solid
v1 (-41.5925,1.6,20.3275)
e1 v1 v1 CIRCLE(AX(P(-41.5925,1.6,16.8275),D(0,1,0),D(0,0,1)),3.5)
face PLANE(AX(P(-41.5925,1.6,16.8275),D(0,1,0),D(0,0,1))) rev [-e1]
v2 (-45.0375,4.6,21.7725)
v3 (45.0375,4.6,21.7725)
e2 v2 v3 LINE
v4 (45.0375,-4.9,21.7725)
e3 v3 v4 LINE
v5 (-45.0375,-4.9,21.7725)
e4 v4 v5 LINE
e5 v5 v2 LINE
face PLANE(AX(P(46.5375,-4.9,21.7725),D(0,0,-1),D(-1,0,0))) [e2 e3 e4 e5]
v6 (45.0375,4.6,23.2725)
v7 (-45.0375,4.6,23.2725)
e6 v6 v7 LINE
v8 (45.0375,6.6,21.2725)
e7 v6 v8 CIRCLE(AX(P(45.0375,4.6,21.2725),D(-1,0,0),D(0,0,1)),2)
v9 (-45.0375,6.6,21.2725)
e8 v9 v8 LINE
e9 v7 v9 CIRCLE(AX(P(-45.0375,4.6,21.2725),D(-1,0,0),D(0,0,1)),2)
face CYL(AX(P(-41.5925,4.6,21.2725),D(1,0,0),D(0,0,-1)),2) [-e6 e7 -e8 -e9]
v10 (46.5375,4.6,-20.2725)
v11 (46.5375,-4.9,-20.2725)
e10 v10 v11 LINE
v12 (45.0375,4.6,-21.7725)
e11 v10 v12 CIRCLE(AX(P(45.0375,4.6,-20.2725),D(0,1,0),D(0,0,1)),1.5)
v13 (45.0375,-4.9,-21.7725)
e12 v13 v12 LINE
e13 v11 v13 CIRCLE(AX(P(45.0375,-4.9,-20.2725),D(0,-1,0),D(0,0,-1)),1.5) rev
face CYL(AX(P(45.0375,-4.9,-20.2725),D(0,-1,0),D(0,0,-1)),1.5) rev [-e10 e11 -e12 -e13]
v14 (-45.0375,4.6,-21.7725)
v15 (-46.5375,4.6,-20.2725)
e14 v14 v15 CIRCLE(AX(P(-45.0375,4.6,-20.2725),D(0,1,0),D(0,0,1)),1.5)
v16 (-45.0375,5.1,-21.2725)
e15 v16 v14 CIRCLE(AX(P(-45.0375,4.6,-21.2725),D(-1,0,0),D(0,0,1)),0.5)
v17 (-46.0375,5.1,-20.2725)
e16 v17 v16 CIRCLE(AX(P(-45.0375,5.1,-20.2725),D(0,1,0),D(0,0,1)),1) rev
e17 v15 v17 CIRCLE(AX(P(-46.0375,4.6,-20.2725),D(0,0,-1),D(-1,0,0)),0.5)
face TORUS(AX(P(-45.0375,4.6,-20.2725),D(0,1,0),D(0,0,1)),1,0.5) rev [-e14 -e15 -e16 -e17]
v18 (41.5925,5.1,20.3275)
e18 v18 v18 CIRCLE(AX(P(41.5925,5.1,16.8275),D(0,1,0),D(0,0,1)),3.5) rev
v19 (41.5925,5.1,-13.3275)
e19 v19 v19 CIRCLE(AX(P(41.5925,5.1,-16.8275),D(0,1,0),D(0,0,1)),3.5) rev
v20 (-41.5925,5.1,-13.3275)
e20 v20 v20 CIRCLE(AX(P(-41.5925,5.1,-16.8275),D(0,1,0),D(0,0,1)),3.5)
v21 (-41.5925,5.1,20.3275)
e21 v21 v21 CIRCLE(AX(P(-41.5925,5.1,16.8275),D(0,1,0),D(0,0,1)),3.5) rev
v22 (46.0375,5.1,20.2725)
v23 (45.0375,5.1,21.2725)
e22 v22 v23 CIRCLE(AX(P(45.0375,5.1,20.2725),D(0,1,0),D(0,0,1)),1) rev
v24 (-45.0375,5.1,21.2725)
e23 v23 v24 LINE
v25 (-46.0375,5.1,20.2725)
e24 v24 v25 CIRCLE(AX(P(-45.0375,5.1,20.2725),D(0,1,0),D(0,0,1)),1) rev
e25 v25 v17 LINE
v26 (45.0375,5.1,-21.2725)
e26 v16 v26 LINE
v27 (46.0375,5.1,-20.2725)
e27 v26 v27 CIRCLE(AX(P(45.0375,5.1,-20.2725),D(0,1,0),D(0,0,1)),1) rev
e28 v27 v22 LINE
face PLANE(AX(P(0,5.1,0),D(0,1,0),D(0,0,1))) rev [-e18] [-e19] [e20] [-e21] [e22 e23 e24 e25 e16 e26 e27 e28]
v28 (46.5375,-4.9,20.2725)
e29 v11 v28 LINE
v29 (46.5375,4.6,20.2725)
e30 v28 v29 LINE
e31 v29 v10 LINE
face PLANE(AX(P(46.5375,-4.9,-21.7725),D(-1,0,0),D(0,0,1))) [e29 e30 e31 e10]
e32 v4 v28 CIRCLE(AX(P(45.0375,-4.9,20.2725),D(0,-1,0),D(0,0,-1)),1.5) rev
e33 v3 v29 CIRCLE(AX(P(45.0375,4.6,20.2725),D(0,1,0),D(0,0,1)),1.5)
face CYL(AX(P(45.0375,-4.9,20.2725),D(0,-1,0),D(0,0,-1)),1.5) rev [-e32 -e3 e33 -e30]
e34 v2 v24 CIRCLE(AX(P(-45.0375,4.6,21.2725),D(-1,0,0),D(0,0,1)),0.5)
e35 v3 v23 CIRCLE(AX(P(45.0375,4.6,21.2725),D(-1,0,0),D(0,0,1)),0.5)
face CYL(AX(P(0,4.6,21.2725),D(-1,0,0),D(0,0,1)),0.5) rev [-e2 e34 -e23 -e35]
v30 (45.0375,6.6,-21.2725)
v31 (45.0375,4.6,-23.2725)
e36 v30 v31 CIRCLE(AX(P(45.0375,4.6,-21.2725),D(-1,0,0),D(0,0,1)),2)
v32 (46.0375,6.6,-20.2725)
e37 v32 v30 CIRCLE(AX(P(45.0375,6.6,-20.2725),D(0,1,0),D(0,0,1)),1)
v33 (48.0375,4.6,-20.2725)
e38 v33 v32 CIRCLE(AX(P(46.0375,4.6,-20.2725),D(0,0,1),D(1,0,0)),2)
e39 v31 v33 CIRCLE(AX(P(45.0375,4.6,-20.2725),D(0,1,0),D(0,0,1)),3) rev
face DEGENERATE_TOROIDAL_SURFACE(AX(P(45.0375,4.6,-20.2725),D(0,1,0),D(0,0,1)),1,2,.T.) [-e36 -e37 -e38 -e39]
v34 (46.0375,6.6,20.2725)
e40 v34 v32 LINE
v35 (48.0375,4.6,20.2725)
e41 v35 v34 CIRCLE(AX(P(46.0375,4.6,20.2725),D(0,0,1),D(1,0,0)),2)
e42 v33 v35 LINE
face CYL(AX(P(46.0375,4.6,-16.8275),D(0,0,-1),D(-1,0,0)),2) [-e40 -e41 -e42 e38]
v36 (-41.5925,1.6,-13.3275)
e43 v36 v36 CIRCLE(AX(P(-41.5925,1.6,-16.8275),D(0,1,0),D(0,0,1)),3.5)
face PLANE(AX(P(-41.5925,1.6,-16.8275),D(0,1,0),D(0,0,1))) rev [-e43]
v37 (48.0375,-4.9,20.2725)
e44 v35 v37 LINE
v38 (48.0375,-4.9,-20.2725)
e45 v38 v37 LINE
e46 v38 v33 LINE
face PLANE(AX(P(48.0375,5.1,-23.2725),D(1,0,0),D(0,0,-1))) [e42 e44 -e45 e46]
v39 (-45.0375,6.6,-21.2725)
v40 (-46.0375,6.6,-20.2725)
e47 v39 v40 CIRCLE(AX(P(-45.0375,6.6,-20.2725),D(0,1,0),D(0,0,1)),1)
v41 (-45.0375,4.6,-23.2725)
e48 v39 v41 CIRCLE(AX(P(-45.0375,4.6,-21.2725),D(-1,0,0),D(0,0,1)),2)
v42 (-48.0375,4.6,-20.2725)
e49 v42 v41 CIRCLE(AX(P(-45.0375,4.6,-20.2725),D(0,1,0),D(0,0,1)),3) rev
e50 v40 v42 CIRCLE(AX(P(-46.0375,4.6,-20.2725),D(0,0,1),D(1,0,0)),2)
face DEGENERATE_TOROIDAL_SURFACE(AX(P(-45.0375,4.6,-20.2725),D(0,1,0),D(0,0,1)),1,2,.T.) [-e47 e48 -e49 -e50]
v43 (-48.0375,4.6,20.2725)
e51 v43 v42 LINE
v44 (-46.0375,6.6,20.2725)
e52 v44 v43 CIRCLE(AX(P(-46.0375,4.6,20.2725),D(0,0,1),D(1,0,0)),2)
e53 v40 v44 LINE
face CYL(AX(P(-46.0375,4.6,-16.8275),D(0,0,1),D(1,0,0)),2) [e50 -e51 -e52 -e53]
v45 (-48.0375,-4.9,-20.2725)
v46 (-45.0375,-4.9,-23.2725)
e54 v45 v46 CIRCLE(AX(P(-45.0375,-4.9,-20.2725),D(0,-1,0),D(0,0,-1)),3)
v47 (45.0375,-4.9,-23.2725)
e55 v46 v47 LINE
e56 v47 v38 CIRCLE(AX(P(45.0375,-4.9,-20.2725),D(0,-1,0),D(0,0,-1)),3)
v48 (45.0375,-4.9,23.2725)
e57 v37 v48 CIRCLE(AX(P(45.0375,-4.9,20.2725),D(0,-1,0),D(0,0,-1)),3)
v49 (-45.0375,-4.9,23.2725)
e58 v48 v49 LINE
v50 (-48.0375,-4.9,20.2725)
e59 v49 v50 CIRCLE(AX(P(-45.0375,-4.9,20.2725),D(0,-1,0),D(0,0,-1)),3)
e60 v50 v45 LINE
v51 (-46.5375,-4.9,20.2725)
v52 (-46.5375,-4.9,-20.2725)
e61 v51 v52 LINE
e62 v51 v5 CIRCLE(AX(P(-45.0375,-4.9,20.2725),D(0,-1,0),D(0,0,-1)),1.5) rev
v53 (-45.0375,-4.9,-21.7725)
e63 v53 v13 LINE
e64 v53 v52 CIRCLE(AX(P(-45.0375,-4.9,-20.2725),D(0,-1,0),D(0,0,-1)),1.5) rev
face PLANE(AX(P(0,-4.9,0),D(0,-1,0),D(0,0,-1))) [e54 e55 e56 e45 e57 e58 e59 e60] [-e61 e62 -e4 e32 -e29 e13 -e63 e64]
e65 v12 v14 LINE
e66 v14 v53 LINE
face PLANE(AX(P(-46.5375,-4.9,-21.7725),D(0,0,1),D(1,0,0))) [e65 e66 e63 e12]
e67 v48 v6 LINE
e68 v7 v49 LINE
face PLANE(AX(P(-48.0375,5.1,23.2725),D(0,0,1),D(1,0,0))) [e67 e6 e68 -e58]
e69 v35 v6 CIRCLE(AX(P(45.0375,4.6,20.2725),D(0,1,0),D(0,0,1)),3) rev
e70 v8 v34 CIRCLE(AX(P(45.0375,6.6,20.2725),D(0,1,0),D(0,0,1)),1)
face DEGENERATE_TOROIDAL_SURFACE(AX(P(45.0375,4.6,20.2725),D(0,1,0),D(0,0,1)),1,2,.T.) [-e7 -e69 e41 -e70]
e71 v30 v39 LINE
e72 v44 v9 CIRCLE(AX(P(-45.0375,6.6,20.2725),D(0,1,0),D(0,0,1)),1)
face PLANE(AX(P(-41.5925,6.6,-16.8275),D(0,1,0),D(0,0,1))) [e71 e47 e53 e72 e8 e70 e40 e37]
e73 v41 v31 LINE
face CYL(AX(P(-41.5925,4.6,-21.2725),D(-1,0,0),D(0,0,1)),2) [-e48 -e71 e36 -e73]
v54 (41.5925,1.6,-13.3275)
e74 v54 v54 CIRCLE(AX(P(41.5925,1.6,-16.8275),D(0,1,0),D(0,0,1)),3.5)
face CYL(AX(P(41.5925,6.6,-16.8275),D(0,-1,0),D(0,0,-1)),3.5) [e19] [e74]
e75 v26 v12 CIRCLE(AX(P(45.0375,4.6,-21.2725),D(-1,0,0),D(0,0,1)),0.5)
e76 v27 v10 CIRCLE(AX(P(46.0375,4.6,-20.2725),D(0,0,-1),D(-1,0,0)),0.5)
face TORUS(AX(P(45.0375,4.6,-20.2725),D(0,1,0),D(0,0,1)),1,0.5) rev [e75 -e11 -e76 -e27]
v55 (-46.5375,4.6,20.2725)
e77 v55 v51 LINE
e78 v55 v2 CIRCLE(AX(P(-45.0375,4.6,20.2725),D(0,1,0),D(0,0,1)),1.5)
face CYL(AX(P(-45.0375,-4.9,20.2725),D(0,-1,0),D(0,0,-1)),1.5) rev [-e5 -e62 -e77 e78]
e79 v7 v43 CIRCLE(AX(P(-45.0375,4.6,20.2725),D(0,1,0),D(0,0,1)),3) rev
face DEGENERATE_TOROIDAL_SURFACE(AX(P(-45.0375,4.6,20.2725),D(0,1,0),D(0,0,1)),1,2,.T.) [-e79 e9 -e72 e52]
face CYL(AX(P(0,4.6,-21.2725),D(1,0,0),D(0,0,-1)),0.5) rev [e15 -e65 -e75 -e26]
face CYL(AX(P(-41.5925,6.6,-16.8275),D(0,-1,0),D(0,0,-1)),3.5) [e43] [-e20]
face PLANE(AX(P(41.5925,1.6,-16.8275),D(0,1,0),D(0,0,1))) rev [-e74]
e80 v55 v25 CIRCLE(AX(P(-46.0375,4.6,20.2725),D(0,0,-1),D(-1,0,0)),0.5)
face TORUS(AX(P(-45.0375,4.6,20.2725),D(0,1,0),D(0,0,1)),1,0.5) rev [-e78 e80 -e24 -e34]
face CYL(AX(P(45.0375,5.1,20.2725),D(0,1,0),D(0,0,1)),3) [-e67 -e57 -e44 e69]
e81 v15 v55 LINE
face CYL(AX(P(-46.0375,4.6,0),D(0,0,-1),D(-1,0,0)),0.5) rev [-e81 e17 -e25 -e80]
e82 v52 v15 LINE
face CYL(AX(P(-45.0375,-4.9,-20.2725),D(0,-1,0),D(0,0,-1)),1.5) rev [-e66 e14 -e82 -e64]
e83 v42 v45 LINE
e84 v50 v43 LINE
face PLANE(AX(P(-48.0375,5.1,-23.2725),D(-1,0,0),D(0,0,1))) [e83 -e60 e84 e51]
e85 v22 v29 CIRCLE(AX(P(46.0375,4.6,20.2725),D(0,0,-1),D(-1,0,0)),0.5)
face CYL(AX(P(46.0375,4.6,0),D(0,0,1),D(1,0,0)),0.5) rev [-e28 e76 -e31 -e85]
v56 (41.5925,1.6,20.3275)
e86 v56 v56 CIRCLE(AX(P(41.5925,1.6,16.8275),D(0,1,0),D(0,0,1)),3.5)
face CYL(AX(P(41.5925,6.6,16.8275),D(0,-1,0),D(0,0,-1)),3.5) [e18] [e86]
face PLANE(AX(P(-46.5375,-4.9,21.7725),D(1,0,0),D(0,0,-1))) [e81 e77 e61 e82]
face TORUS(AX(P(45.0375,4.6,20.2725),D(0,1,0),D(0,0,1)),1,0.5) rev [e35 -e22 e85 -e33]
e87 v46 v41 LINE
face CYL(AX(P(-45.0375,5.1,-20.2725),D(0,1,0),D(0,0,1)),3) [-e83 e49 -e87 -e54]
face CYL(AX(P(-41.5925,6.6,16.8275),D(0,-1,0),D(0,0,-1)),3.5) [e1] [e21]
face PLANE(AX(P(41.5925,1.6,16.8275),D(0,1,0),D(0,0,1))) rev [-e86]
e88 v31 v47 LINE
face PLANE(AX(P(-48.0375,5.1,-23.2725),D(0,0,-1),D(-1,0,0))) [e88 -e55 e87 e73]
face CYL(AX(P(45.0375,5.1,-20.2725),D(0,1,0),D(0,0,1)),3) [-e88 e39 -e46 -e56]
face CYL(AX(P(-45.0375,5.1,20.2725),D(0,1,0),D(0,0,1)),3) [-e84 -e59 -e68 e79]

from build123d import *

# Parameters (mm, degrees)
SKETCH1_R             = 3.5
BOSS_EXTRUDE1_DEPTH   = 5
BOSS_EXTRUDE1_2_DEPTH = 5
BOSS_EXTRUDE1_3_DEPTH = 5
BOSS_EXTRUDE1_4_DEPTH = 5
SKETCH2_W             = 96.075
SKETCH2_H             = 46.545
BOSS_EXTRUDE3_DEPTH   = 1.5
SKETCH3_W             = 96.075
SKETCH3_H             = 46.545
SKETCH3_W_2           = 93.075
SKETCH3_H_2           = 43.545
BOSS_EXTRUDE4_DEPTH   = 10
FILLET1_R             = 3
FILLET2_R             = 1.5
FILLET3_R             = 2
FILLET4_R             = 0.5


with BuildPart() as part:
    # Sketch1 → Boss-Extrude1 (new body)
    with BuildSketch(Plane(origin=(0, 1.6, 0), x_dir=(1, 0, 0), z_dir=(0, 1, 0))):
        with Locations(Location((-41.5925, 16.8275, 0), (0, 0, 270))):
            Circle(SKETCH1_R)
    extrude(amount=BOSS_EXTRUDE1_DEPTH)



with BuildPart() as body_2:
    # Sketch1 → Boss-Extrude1 2 (new body)
    with BuildSketch(Plane(origin=(0, 1.6, 0), x_dir=(1, 0, 0), z_dir=(0, 1, 0))):
        with Locations(Location((-41.5925, -16.8275, 0), (0, 0, 270))):
            Circle(SKETCH1_R)
    extrude(amount=BOSS_EXTRUDE1_2_DEPTH)


with BuildPart() as body_3:
    # Sketch1 → Boss-Extrude1 3 (new body)
    with BuildSketch(Plane(origin=(0, 1.6, 0), x_dir=(1, 0, 0), z_dir=(0, 1, 0))):
        with Locations(Location((41.5925, -16.8275, 0), (0, 0, 270))):
            Circle(SKETCH1_R)
    extrude(amount=BOSS_EXTRUDE1_3_DEPTH)


with BuildPart() as body_4:
    # Sketch1 → Boss-Extrude1 4 (new body)
    with BuildSketch(Plane(origin=(0, 1.6, 0), x_dir=(1, 0, 0), z_dir=(0, 1, 0))):
        with Locations(Location((41.5925, 16.8275, 0), (0, 0, 270))):
            Circle(SKETCH1_R)
    extrude(amount=BOSS_EXTRUDE1_4_DEPTH)


with BuildPart() as part_1:
    add(part.part)

    add(body_2.part)  # Boss-Extrude3 merges body 2

    add(body_3.part)  # Boss-Extrude3 merges body 3

    add(body_4.part)  # Boss-Extrude3 merges body 4
    # Sketch2 → Boss-Extrude3 (add)
    with BuildSketch(Plane(origin=(0, 6.6, 0), x_dir=(1, 0, 0), z_dir=(0, 1, 0))):
        Rectangle(SKETCH2_W, SKETCH2_H)
    extrude(amount=-BOSS_EXTRUDE3_DEPTH)

    # Sketch3 → Boss-Extrude4 (add)
    with BuildSketch(Plane.XZ.offset(-5.1)):
        Rectangle(SKETCH3_W, SKETCH3_H)
        Rectangle(SKETCH3_W_2, SKETCH3_H_2, mode=Mode.SUBTRACT)
    extrude(amount=BOSS_EXTRUDE4_DEPTH)

    # Fillet1
    fillet1_edges = [part_1.edges().sort_by_distance(p)[0] for p in [
        (48.0375, 0.85, -23.2725),
        (48.0375, 0.85, 23.2725),
        (-48.0375, 0.85, 23.2725),
        (-48.0375, 0.85, -23.2725),
    ]]
    fillet(fillet1_edges, radius=FILLET1_R)

    # Fillet2
    fillet2_edges = [part_1.edges().sort_by_distance(p)[0] for p in [
        (46.5375, 0.1, -21.7725),
        (46.5375, 0.1, 21.7725),
        (-46.5375, 0.1, 21.7725),
        (-46.5375, 0.1, -21.7725),
    ]]
    fillet(fillet2_edges, radius=FILLET2_R)

    # Fillet3
    fillet3_edges = [part_1.edges().sort_by_distance(p)[0] for p in [
        (48.0375, 6.6, 0),
        (0, 6.6, -23.2725),
        (-48.0375, 6.6, 0),
        (0, 6.6, 23.2725),
        (47.158820344, 6.6, 22.393820344),
        (-47.158820344, 6.6, 22.393820344),
        (-47.158820344, 6.6, -22.393820344),
        (47.158820344, 6.6, -22.393820344),
    ]]
    fillet(fillet3_edges, radius=FILLET3_R)

    # Fillet4
    fillet4_edges = [part_1.edges().sort_by_distance(p)[0] for p in [
        (-46.5375, 5.1, 0),
        (0, 5.1, -21.7725),
        (46.5375, 5.1, 0),
        (0, 5.1, 21.7725),
        (46.098160172, 5.1, 21.333160172),
        (46.098160172, 5.1, -21.333160172),
        (-46.098160172, 5.1, 21.333160172),
        (-46.098160172, 5.1, -21.333160172),
    ]]
    fillet(fillet4_edges, radius=FILLET4_R)


solid = part_1.part
